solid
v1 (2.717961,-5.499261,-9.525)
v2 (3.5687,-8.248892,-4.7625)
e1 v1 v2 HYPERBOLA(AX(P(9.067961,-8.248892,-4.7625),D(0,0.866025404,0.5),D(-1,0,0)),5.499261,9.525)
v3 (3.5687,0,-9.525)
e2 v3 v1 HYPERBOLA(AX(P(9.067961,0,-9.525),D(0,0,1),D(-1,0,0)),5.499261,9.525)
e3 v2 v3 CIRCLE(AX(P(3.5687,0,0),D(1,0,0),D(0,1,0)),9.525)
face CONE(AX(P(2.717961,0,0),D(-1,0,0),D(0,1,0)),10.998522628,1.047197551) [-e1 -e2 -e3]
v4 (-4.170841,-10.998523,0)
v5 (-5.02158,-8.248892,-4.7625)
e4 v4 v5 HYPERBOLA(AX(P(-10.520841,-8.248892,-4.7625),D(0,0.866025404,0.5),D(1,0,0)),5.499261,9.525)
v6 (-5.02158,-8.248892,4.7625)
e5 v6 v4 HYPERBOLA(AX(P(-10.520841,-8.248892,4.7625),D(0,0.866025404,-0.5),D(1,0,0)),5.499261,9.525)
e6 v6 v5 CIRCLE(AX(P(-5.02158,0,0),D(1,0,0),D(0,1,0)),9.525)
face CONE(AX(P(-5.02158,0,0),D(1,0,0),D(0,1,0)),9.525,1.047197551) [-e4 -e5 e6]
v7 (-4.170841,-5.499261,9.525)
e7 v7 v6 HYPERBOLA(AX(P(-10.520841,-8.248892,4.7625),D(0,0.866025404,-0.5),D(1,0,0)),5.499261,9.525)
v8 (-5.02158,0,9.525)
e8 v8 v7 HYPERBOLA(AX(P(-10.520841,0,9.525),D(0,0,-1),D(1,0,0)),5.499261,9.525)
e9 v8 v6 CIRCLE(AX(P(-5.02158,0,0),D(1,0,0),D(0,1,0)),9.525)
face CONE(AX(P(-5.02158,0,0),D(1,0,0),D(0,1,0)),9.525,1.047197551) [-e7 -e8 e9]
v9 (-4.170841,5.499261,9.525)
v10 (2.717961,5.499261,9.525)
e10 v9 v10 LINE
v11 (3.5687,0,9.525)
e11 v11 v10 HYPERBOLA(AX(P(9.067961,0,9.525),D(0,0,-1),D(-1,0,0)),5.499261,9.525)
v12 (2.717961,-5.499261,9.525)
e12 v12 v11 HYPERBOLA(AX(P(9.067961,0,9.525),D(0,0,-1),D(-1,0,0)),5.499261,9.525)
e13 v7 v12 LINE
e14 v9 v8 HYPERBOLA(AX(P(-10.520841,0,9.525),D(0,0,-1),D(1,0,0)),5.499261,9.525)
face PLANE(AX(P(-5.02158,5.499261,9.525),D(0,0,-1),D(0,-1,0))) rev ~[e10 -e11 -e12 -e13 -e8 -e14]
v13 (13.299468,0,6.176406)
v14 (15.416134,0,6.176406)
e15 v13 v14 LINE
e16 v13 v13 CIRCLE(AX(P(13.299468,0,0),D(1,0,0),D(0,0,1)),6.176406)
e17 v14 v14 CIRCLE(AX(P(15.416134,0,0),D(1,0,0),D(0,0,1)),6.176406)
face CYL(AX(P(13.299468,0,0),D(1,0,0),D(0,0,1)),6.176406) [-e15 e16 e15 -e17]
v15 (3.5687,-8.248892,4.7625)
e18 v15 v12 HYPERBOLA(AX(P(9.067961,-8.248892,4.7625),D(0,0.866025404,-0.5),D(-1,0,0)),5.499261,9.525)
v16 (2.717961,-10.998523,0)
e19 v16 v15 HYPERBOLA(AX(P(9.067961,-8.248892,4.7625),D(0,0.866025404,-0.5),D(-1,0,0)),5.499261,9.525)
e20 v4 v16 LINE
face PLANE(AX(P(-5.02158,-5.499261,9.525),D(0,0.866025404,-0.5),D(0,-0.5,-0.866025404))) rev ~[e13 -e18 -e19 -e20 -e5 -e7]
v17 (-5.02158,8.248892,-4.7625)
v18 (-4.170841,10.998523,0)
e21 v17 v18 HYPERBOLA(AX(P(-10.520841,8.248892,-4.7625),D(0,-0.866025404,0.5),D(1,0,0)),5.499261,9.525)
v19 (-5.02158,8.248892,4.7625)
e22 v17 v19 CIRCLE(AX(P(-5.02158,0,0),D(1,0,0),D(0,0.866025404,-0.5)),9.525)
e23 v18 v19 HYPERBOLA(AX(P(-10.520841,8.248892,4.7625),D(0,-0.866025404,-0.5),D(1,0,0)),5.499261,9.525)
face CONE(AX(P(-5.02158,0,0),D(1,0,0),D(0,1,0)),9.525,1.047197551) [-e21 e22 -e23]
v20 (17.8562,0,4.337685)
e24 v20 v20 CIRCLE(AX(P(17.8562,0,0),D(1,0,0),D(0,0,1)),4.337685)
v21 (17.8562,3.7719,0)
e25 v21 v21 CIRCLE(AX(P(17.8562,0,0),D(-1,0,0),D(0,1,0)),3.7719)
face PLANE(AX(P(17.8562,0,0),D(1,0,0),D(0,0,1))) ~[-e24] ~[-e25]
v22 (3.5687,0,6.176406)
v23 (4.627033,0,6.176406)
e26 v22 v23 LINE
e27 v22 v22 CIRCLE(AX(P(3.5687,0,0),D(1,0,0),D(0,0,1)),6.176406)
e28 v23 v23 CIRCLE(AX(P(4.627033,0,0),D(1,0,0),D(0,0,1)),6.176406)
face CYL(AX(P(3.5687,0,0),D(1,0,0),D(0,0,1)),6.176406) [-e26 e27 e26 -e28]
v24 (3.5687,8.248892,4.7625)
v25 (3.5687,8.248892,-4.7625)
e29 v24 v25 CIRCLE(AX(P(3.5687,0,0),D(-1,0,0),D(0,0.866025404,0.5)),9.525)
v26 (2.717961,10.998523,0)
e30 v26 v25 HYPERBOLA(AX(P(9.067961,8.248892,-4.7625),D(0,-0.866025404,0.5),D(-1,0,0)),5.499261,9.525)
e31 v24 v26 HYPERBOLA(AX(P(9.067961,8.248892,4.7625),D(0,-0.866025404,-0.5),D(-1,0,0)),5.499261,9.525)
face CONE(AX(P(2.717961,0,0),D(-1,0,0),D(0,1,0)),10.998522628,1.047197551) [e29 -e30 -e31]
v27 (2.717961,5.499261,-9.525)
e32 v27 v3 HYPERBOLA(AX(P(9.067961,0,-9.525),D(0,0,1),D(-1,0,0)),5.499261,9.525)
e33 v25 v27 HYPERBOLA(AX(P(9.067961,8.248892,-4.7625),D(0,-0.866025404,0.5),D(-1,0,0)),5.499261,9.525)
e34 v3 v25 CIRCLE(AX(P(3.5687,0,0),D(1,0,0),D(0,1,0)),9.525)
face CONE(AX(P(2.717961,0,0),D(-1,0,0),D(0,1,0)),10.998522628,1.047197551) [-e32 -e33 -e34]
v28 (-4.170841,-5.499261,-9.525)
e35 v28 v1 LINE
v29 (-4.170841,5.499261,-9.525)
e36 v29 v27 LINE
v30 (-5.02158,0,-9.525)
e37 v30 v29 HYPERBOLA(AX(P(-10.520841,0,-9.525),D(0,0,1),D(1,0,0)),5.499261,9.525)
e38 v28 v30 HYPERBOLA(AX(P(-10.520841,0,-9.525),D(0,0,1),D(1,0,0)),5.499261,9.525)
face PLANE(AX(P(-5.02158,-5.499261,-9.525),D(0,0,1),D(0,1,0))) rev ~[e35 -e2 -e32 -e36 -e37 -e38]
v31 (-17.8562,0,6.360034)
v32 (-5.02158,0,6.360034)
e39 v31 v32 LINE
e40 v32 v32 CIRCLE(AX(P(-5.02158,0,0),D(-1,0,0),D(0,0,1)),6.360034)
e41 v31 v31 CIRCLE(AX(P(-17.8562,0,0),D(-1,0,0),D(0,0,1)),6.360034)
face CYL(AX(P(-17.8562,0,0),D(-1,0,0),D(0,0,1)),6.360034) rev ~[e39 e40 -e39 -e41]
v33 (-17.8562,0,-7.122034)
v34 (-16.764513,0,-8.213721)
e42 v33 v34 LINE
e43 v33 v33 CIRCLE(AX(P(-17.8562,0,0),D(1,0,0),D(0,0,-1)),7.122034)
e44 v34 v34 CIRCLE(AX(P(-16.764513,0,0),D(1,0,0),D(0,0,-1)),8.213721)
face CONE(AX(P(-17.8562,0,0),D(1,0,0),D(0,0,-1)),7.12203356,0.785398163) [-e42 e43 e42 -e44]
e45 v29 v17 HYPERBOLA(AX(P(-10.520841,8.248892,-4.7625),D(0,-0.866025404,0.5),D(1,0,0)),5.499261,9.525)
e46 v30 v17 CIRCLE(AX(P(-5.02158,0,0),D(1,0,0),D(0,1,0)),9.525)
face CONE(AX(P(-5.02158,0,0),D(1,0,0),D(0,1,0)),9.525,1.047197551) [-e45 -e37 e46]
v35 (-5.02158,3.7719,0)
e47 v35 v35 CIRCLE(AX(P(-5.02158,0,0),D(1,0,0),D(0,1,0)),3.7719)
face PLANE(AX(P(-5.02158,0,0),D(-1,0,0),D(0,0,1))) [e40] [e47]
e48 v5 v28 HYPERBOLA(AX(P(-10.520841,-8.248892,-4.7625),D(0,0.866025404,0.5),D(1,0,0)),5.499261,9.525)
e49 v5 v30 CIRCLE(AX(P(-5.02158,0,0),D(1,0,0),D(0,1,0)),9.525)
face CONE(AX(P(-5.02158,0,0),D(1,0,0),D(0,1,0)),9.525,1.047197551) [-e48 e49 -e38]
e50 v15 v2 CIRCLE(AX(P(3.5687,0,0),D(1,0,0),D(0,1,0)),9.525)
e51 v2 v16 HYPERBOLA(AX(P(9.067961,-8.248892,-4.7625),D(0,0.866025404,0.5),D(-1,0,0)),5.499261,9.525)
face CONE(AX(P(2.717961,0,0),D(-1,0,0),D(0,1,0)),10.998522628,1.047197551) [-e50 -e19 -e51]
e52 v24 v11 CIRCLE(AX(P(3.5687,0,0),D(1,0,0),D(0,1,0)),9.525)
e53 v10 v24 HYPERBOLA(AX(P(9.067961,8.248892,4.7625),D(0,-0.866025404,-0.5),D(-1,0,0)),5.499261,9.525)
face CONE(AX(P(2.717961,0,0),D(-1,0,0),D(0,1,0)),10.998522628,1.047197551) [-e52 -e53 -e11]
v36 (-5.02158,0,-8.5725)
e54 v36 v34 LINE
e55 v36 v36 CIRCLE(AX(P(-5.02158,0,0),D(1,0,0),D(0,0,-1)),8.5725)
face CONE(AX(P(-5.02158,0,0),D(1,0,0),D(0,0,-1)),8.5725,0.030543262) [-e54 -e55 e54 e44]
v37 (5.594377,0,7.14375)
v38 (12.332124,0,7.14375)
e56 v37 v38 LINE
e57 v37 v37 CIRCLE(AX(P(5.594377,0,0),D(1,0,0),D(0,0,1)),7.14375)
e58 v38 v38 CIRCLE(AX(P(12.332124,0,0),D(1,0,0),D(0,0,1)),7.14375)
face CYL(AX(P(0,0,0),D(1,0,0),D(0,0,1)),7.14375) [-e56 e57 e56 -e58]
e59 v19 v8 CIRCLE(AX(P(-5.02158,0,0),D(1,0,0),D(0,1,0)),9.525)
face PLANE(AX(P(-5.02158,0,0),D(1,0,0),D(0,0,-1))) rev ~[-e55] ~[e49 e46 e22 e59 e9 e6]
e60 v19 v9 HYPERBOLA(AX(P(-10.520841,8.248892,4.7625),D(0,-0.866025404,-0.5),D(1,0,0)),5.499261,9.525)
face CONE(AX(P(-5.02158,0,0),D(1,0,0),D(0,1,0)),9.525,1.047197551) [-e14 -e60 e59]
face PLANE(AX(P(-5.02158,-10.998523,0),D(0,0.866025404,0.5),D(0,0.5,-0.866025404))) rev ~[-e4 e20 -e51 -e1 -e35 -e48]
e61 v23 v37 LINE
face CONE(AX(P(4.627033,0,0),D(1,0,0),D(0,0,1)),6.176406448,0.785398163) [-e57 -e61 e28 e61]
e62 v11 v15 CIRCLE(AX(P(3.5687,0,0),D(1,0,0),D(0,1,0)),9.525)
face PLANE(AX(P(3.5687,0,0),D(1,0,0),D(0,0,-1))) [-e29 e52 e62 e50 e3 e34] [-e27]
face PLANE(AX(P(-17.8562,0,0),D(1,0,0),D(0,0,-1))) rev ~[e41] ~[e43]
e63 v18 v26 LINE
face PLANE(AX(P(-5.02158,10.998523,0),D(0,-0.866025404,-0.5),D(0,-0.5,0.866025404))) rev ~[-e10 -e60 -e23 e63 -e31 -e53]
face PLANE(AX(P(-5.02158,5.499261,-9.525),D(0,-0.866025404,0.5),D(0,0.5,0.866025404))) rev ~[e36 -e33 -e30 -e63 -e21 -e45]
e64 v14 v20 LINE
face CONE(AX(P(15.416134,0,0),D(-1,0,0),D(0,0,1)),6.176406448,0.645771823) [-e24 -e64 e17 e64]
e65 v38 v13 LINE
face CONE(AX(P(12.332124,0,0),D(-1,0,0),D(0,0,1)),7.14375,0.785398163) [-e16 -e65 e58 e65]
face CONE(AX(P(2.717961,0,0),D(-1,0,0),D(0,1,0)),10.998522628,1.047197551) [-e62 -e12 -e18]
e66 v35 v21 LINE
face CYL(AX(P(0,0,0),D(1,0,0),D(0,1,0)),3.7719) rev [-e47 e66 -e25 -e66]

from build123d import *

# Parameters (mm, degrees)
SKETCH6_W           = 35.7124
SKETCH6_H           = 7.14375
EXTRUDE1_DEPTH      = 8.59028
SKETCH7_W           = 35.7124
SKETCH7_H           = 3.7719
SKETCH17_R          = 7.14375
CUT_EXTRUDE1_DEPTH  = 12.83462
SKETCH19_R          = 8.5725
BOSS_EXTRUDE1_DEPTH = 12.83462
BOSS_EXTRUDE1_DRAFT = -1.75
CHAMFER1_SIZE       = 1.058333333
CHAMFER1_SIZE2      = 1.092196811
SKETCH22_R          = 8.5725
BOSS_EXTRUDE3_DEPTH = 12.83462
BOSS_EXTRUDE3_DRAFT = -15
SKETCH23_R          = 6.36003356
CUT_EXTRUDE2_DEPTH  = 12.83462


with BuildPart() as part:
    # Sketch6 → Revolve3 (revolve)
    with BuildSketch(Plane.XY, mode=Mode.PRIVATE) as revolve3_sk:
        with Locations((0, 3.571875)):
            Rectangle(SKETCH6_W, SKETCH6_H)
    revolve(revolve3_sk.sketch.rotate(Axis((-17.8562, 0, 0), (1, 0, 0)), 90), axis=Axis((-17.8562, 0, 0), (1, 0, 0)))

    # Sketch12 → Extrude1 (add)
    with BuildSketch(Plane(origin=(-5.02158, 0, 0), x_dir=(0, 0, -1), z_dir=(1, 0, 0))):
        Polygon((0, 10.998522628), (-9.525, 5.499261314), (-9.525, -5.499261314), (0, -10.998522628), (9.525, -5.499261314), (9.525, 5.499261314), align=None)
    extrude(amount=EXTRUDE1_DEPTH)

    # Sketch10 → Cut-Revolve6 (revolve, cut)
    with BuildSketch(Plane.XY, mode=Mode.PRIVATE) as cut_revolve6_sk:
        Polygon((5.594376886, 7.14375), (3.5687, 7.14375), (3.5687, 6.176406448), (4.627033333, 6.176406448), align=None)
        Polygon((17.8562, 7.14375), (12.332124005, 7.14375), (13.299467558, 6.176406448), (15.416134224, 6.176406448), (17.8562, 4.337685), align=None)
    revolve(cut_revolve6_sk.sketch.rotate(Axis((-17.8562, 0, 0), (1, 0, 0)), 90), axis=Axis((-17.8562, 0, 0), (1, 0, 0)), mode=Mode.SUBTRACT)

    # Sketch7 → Cut-Revolve5 (revolve, cut)
    with BuildSketch(Plane.XY):
        with Locations((0, 1.88595)):
            Rectangle(SKETCH7_W, SKETCH7_H)
    revolve(axis=Axis((17.8562, 0, 0), (-1, 0, 0)), mode=Mode.SUBTRACT)

    # Sketch13 → Cut-Revolve7 (revolve, cut)
    with BuildSketch(Plane.XY):
        Polygon((-5.02158, 10.998522628), (-5.02158, 9.525), (-4.170841314, 10.998522628), align=None)
        Polygon((2.717961314, 10.998522628), (3.5687, 9.525), (3.5687, 10.998522628), align=None)
    revolve(axis=Axis((-17.8562, 0, 0), (1, 0, 0)), mode=Mode.SUBTRACT)

    # Sketch17 → Cut-Extrude1 (cut)
    with BuildSketch(Plane.ZY.offset(17.8562)):
        Circle(SKETCH17_R)
    extrude(amount=-CUT_EXTRUDE1_DEPTH, mode=Mode.SUBTRACT)


with BuildPart() as body_2:
    # Sketch19 → Boss-Extrude1 (with draft: the straight prism first)
    with BuildSketch(Plane(origin=(-5.02158, 0, 0), x_dir=(0, 0, -1), z_dir=(1, 0, 0))):
        Circle(SKETCH19_R)
    extrude(amount=-BOSS_EXTRUDE1_DEPTH)
    # Boss-Extrude1: the draft: its side faces are tilted about the plane it starts from
    boss_extrude1_sides = [body_2.faces().sort_by_distance(p)[0] for p in [
        (-11.43889, 0, 8.5725),
    ]]
    draft(boss_extrude1_sides, Plane(origin=(-5.02158, 0, 0), x_dir=(0, 0, -1), z_dir=(1, 0, 0)), BOSS_EXTRUDE1_DRAFT)

    # Chamfer1
    chamfer1_edges = [body_2.edges().sort_by_distance(p)[0] for p in [
        (-17.8562, 0, 8.180366893),
    ]]
    chamfer1_side = [body_2.faces().sort_by_distance(p)[0] for p in [
        (-17.8562, 0, 0),
    ]]
    chamfer(chamfer1_edges, length=CHAMFER1_SIZE, length2=CHAMFER1_SIZE2, reference=chamfer1_side[0])


with BuildPart() as boss_extrude3_tool:
    # Sketch22 → Boss-Extrude3 (with draft: the straight prism first)
    with BuildSketch(Plane(origin=(-5.02158, 0, 0), x_dir=(0, 0, -1), z_dir=(1, 0, 0))):
        Circle(SKETCH22_R)
    extrude(amount=-BOSS_EXTRUDE3_DEPTH)
    # Boss-Extrude3: the draft: its side faces are tilted about the plane it starts from
    boss_extrude3_sides = [boss_extrude3_tool.faces().sort_by_distance(p)[0] for p in [
        (-11.43889, 0, 8.5725),
    ]]
    draft(boss_extrude3_sides, Plane(origin=(-5.02158, 0, 0), x_dir=(0, 0, -1), z_dir=(1, 0, 0)), BOSS_EXTRUDE3_DRAFT)


with BuildPart() as body_2_1:
    add(body_2.part)

    # Boss-Extrude3: add boss_extrude3_tool
    add(boss_extrude3_tool.part)

    # Combine1: union part
    add(part.part)

    # Sketch23 → Cut-Extrude2 (cut)
    with BuildSketch(Plane.ZY.offset(17.8562)):
        Circle(SKETCH23_R)
    extrude(amount=-CUT_EXTRUDE2_DEPTH, mode=Mode.SUBTRACT)


solid = body_2_1.part
